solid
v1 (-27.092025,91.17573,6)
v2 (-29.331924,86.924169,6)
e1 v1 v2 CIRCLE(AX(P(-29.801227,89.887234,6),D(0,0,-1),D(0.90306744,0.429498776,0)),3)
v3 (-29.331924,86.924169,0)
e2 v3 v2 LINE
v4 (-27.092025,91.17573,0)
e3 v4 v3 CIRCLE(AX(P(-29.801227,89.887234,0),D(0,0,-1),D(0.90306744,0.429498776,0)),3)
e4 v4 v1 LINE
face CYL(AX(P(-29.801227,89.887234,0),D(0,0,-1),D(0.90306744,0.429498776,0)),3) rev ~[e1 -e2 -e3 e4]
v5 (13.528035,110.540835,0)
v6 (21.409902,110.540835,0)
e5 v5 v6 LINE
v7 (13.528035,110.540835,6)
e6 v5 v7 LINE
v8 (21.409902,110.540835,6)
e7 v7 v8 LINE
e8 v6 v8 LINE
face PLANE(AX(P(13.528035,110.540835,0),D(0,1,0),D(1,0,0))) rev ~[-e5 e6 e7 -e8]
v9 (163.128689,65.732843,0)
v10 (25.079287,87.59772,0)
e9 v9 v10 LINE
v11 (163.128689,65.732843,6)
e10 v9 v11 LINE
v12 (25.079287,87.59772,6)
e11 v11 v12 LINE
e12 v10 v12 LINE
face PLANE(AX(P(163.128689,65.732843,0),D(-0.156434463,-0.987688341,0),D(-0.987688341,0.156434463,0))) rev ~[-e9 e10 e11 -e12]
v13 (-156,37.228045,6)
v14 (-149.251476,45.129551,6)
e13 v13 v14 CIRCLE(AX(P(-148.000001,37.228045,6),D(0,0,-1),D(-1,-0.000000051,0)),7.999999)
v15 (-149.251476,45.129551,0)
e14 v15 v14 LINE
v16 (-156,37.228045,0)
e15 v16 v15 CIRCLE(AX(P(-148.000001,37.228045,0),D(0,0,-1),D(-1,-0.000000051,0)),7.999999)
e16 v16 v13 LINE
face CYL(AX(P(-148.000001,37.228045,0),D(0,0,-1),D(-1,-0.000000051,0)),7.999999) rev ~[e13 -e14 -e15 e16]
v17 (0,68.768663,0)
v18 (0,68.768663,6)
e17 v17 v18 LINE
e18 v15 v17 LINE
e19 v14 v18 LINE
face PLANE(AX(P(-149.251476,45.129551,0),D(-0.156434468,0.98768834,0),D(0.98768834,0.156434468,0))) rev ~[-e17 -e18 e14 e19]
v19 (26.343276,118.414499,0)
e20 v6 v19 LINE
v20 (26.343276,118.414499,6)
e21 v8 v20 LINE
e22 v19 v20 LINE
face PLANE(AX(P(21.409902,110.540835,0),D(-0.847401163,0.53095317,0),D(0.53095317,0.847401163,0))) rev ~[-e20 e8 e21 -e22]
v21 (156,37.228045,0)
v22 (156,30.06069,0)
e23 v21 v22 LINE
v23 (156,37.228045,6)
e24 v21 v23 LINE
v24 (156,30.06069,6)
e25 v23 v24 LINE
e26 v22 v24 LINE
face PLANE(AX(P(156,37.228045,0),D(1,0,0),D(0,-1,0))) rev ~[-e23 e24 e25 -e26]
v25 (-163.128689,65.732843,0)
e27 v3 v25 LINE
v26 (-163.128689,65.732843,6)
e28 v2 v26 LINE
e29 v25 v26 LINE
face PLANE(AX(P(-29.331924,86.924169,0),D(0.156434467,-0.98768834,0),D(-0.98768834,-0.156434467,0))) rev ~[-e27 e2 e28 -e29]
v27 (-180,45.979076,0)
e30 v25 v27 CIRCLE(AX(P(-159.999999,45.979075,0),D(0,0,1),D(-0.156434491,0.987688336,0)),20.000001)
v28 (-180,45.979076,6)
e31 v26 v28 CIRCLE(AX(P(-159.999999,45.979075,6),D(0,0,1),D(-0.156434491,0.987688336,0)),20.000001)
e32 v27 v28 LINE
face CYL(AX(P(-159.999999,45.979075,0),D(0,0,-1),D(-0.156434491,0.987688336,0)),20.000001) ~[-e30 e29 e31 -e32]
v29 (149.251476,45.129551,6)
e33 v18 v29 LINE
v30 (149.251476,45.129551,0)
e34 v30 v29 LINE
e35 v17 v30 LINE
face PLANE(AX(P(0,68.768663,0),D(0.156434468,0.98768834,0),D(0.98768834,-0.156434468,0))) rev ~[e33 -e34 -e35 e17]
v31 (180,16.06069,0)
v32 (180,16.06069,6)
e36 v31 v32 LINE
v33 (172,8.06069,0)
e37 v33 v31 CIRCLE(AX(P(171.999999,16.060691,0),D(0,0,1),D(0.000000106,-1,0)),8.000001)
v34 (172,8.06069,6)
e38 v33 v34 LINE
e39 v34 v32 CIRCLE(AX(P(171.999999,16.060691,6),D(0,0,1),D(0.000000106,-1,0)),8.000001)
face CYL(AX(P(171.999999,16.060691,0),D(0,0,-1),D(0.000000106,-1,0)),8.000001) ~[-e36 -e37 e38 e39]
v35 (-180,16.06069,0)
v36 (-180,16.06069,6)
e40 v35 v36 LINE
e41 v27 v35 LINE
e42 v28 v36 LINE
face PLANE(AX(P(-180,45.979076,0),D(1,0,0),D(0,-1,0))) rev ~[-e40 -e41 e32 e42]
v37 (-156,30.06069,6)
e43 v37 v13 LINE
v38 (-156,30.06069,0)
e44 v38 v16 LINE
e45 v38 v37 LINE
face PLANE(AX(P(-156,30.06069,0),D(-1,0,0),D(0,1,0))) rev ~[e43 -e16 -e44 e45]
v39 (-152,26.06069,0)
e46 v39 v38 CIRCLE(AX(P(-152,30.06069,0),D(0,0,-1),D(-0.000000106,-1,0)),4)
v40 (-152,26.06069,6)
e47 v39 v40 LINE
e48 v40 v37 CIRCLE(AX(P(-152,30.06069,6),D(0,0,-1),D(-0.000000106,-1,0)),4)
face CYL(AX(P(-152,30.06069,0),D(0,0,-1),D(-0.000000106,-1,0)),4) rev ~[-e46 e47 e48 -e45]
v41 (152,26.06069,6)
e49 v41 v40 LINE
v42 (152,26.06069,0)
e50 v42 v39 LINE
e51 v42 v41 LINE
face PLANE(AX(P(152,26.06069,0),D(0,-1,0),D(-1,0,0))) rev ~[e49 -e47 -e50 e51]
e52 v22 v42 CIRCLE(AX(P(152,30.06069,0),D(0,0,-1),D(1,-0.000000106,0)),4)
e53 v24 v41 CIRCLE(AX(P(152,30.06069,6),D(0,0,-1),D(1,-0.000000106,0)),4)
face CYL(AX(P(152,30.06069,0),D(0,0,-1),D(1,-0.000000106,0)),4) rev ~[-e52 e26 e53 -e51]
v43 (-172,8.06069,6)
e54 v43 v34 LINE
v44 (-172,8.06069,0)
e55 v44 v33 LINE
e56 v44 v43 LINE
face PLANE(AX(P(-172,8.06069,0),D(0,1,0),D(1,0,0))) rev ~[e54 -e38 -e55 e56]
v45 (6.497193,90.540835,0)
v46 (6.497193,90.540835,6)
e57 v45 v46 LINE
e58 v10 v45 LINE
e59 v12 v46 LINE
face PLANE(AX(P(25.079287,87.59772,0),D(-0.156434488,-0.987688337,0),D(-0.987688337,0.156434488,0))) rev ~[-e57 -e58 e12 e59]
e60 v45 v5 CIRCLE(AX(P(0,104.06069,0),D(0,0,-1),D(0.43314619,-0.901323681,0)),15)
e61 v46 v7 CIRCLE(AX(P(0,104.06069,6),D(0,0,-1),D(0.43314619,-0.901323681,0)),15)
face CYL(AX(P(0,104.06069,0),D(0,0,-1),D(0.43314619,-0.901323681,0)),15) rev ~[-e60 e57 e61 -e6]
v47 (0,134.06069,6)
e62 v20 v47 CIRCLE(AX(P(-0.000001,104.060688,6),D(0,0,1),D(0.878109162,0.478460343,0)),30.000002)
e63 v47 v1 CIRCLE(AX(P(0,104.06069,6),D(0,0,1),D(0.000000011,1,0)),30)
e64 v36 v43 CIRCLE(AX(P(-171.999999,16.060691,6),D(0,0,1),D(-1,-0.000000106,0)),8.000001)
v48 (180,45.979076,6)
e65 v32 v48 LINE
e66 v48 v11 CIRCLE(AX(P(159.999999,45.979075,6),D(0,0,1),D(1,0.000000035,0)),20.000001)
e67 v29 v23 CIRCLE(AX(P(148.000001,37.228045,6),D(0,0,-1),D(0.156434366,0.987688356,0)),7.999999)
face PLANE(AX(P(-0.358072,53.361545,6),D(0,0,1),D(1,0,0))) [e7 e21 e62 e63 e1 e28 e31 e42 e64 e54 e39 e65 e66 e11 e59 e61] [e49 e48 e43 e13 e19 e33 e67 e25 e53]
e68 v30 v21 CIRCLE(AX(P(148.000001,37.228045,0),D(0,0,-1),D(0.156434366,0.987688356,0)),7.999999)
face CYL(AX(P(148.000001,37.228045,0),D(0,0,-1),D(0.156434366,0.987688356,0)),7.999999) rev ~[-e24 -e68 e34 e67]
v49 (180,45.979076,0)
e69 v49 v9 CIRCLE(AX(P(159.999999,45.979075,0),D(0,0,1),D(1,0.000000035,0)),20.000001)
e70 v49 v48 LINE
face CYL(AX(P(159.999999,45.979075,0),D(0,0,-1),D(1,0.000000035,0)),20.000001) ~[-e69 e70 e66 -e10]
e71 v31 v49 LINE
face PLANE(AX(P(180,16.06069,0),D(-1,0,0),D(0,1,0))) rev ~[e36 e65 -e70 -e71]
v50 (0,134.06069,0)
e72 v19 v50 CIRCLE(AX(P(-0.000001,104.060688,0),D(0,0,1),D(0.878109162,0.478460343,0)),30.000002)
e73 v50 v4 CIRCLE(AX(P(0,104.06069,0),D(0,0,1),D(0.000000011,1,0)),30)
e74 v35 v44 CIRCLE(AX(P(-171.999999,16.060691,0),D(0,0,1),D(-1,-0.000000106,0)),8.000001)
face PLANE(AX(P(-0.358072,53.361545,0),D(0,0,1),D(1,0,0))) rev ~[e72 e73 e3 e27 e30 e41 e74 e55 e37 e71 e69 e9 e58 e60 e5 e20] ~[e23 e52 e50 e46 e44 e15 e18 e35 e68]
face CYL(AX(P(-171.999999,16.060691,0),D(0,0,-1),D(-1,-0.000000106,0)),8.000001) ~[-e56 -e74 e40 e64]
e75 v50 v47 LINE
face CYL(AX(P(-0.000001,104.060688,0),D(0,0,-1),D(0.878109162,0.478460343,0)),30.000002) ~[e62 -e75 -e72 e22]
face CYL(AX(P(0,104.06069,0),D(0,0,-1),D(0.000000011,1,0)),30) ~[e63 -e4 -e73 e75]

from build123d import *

# Parameters (mm, degrees)
F1_DEPTH = 6


with BuildPart() as f1:
    # F0 (on Top) → F1 (new body)
    with BuildSketch(Plane.XY):
        with BuildLine():
            ThreePointArc((26.343276, 118.414499), (15.319689, 129.854238), (0, 134.06069))
            ThreePointArc((0, 134.06069), (-25.362855, 120.083349), (-27.092025, 91.17573))
            ThreePointArc((-27.092025, 91.17573), (-27.147048, 88.488902), (-29.331924, 86.924169))
            Line((-29.331924, 86.924169), (-163.128689, 65.732843))
            ThreePointArc((-163.128689, 65.732843), (-175.208119, 58.968037), (-180, 45.979076))
            Line((-180, 45.979076), (-180, 16.06069))
            ThreePointArc((-180, 16.06069), (-177.656854, 10.403836), (-172, 8.06069))
            Line((-172, 8.06069), (0, 8.06069))
            Line((0, 8.06069), (172, 8.06069))
            ThreePointArc((172, 8.06069), (177.656854, 10.403836), (180, 16.06069))
            Line((180, 16.06069), (180, 45.979076))
            ThreePointArc((180, 45.979076), (175.208119, 58.968037), (163.128689, 65.732843))
            Line((163.128689, 65.732843), (25.079287, 87.59772))
            Line((25.079287, 87.59772), (6.497193, 90.540835))
            ThreePointArc((6.497193, 90.540835), (-14.151058, 109.035382), (13.528035, 110.540835))
            Line((13.528035, 110.540835), (21.409902, 110.540835))
            Line((21.409902, 110.540835), (26.343276, 118.414499))
        make_face()
        with BuildLine():
            Line((-149.251476, 45.129551), (0, 68.768663))
            Line((0, 68.768663), (149.251476, 45.129551))
            ThreePointArc((149.251476, 45.129551), (154.083248, 42.423629), (156, 37.228045))
            Line((156, 37.228045), (156, 30.06069))
            ThreePointArc((156, 30.06069), (154.828427, 27.232263), (152, 26.06069))
            Line((152, 26.06069), (0, 26.06069))
            Line((0, 26.06069), (-152, 26.06069))
            ThreePointArc((-152, 26.06069), (-154.828427, 27.232263), (-156, 30.06069))
            Line((-156, 30.06069), (-156, 37.228045))
            ThreePointArc((-156, 37.228045), (-154.083248, 42.423629), (-149.251476, 45.129551))
        make_face(mode=Mode.SUBTRACT)
    extrude(amount=F1_DEPTH)


solid = f1.part
